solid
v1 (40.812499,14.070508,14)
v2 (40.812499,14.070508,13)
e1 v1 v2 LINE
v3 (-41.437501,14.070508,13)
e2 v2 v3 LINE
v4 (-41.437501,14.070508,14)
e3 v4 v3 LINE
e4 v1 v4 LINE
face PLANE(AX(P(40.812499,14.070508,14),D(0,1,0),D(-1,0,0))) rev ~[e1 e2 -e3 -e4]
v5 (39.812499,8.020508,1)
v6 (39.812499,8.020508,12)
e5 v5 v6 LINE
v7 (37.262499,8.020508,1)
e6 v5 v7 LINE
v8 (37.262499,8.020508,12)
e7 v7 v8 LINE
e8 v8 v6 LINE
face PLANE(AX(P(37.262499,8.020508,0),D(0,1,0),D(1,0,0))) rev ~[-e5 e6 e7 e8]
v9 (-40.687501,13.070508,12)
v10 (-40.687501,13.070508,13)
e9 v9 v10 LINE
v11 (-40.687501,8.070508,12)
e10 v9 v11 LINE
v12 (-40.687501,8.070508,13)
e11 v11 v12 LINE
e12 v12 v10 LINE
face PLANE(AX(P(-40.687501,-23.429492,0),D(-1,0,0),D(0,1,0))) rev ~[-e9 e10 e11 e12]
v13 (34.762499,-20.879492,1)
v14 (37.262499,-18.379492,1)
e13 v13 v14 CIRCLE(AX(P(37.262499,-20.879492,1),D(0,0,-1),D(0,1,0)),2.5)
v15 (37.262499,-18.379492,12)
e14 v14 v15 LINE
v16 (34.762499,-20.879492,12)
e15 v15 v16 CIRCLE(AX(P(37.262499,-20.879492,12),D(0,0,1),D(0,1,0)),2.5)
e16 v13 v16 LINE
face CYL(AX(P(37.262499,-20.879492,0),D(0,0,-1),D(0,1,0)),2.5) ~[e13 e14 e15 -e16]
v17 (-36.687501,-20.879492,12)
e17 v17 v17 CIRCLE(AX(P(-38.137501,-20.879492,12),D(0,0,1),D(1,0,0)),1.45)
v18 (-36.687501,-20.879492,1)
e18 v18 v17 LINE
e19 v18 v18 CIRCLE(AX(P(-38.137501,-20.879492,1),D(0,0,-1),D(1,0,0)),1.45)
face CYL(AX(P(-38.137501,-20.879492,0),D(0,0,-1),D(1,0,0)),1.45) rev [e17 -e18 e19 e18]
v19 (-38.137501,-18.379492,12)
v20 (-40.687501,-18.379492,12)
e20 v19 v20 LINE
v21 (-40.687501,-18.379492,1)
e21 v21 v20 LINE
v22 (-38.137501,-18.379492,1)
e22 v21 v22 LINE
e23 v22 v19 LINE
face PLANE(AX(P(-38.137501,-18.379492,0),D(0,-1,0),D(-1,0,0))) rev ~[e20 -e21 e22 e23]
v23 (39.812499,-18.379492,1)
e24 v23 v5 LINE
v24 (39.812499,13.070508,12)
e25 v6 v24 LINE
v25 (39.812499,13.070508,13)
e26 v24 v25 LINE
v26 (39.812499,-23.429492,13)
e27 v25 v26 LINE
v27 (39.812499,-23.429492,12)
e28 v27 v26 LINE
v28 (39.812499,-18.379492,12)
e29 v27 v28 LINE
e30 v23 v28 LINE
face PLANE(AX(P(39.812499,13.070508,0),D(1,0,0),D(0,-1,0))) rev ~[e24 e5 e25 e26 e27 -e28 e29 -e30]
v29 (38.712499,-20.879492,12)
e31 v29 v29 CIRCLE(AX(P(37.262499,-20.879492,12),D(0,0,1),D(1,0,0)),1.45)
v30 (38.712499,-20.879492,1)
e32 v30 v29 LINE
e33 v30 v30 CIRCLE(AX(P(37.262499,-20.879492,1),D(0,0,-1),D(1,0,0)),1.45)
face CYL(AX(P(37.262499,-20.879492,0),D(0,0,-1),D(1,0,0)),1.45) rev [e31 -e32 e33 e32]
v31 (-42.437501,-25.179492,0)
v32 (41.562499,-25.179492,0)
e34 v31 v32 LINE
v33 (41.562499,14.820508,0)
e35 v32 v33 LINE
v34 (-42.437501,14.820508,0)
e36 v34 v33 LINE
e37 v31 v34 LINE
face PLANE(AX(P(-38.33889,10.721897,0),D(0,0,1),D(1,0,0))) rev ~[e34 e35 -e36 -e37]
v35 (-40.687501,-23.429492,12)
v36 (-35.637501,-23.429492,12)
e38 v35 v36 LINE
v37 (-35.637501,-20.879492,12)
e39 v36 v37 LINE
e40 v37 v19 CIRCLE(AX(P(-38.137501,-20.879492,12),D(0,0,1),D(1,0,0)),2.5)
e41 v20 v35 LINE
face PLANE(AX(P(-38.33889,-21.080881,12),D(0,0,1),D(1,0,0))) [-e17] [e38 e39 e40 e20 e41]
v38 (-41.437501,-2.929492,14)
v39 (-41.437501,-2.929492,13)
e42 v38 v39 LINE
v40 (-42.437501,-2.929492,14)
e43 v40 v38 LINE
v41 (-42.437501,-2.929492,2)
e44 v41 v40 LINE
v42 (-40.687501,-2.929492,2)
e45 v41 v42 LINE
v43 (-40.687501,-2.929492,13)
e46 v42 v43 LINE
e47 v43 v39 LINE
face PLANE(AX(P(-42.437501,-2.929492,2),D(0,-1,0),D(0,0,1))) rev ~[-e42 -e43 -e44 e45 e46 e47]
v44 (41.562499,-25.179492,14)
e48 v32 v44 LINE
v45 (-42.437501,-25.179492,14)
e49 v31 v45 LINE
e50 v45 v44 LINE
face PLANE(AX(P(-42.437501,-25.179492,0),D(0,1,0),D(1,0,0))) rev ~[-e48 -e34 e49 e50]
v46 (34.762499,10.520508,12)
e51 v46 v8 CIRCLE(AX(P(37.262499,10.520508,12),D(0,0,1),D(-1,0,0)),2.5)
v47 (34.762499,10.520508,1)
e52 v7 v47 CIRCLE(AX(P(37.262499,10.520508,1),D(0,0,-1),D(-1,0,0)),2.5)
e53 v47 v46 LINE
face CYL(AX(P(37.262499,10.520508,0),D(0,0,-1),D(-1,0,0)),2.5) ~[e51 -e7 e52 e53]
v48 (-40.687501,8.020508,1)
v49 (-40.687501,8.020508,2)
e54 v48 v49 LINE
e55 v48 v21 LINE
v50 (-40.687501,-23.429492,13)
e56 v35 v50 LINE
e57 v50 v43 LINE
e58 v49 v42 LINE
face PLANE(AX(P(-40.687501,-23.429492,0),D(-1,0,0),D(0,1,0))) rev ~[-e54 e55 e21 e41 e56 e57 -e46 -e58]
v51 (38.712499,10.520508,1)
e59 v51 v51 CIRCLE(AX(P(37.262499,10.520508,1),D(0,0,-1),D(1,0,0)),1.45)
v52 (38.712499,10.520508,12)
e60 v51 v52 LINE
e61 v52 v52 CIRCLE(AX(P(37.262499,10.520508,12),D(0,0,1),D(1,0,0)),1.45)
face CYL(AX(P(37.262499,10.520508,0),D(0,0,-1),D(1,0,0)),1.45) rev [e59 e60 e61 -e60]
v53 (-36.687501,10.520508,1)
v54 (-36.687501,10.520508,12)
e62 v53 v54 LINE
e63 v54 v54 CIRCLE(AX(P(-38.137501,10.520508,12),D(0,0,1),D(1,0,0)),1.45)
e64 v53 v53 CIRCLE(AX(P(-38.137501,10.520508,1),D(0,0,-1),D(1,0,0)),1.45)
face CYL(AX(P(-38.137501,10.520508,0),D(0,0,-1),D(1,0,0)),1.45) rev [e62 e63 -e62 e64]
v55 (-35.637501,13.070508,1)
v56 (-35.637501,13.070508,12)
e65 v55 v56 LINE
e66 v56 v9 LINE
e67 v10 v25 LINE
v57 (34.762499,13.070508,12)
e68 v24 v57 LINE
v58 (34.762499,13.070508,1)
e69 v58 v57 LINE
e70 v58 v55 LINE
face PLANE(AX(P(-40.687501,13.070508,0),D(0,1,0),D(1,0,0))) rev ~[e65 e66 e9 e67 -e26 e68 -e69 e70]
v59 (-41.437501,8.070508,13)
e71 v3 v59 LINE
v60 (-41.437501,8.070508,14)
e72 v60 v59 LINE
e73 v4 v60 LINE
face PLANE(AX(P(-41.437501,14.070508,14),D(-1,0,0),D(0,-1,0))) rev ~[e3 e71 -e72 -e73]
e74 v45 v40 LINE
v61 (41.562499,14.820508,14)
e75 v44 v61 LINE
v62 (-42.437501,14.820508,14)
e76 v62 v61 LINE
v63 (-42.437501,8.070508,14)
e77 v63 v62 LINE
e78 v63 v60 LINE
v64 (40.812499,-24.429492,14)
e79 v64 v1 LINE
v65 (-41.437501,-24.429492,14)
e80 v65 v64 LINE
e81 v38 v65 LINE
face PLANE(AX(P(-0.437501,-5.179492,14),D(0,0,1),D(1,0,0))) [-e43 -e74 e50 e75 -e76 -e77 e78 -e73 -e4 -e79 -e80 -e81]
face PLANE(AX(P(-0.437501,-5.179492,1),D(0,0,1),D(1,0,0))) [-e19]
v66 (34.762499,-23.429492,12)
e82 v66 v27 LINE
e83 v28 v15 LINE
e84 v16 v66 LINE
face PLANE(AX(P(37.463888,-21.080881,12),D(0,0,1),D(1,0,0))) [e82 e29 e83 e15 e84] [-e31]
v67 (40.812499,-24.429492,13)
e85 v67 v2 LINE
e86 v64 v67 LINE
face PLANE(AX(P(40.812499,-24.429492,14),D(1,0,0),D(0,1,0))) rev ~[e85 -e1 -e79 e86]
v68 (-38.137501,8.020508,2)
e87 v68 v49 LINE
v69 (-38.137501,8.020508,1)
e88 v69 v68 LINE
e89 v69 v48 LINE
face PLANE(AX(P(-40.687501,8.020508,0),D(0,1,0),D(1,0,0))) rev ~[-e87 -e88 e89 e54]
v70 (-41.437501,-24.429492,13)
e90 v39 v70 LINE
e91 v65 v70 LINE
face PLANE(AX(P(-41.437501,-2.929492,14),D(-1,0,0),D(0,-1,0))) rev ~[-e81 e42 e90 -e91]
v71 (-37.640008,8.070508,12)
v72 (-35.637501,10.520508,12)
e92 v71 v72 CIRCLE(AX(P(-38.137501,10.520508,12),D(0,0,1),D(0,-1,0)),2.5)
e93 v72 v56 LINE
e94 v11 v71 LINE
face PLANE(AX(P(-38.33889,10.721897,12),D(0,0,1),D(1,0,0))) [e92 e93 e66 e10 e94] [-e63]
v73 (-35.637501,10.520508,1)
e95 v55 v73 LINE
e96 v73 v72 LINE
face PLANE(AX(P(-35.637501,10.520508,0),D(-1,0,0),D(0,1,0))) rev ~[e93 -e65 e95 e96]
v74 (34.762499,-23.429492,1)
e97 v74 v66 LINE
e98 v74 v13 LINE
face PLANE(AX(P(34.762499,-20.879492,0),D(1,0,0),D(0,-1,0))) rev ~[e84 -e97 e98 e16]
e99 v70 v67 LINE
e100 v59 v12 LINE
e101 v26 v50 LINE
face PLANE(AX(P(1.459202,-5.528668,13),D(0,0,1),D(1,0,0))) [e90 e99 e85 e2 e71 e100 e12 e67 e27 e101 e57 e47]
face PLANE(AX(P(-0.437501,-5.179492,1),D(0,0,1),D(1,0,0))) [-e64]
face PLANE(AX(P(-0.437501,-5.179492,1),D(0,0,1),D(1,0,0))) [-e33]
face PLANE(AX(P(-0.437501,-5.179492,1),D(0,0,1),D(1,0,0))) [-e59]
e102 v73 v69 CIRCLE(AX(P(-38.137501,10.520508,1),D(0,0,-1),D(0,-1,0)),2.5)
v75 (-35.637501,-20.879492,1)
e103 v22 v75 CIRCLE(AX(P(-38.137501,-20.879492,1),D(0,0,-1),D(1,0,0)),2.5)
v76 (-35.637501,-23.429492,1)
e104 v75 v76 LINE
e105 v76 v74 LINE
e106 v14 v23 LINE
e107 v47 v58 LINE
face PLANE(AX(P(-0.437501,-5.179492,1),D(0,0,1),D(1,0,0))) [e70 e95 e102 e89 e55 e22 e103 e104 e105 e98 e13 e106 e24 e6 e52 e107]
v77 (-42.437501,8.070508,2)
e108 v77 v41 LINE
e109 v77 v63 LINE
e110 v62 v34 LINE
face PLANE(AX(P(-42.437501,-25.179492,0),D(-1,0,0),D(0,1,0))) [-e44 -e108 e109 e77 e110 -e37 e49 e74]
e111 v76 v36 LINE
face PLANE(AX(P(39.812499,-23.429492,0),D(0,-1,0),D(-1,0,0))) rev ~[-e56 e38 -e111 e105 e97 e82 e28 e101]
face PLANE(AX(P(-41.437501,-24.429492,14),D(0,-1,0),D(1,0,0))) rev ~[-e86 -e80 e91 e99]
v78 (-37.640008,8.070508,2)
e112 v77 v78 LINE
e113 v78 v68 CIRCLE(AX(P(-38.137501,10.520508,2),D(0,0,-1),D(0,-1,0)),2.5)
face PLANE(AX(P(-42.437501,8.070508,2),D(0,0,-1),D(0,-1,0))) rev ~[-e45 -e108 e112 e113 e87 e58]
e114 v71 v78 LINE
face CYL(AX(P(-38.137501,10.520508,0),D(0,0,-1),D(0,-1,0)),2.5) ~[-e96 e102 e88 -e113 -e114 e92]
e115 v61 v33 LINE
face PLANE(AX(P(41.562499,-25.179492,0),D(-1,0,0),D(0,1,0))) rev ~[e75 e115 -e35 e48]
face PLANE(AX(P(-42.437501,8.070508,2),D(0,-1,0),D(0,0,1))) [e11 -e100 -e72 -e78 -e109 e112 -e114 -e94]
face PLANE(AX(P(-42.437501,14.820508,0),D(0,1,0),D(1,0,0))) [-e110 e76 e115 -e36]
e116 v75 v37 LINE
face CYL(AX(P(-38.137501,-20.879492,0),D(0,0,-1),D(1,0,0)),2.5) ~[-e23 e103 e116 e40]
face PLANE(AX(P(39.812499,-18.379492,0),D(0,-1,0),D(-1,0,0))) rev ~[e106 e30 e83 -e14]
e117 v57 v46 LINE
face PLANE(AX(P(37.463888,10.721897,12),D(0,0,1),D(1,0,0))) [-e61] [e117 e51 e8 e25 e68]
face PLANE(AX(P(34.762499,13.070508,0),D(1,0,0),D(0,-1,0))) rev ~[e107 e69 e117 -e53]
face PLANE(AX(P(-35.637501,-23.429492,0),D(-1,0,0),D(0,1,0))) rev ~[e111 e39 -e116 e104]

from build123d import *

# Parameters (mm, degrees)
F0_W     = 84
F0_H     = 40
F0_R     = 1.45
F1_DEPTH = 1
F2_DEPTH = 12
F3_DEPTH = 14
F4_W     = 11
F4_H     = 12
F5_DEPTH = 25
F7_DEPTH = 1


with BuildPart() as f1:
    # F0 (on Top) → F1 (new body)
    with BuildSketch(Plane.XY):
        with Locations((-0.4375013113, -5.1794923829)):
            Rectangle(F0_W, F0_H)
        Polygon((-40.6875013113, 8.0205076171), (-40.6875013113, 13.0705076171), (-35.6375013113, 13.0705076171), (34.7624986887, 13.0705076171), (39.8124986887, 13.0705076171), (39.8124986887, 8.0205076171), (39.8124986887, -18.3794923829), (39.8124986887, -23.4294923829), (34.7624986887, -23.4294923829), (-35.6375013113, -23.4294923829), (-40.6875013113, -23.4294923829), (-40.6875013113, -18.3794923829), align=None, mode=Mode.SUBTRACT)
        with BuildLine():
            Line((34.7624986887, 13.0705076171), (-35.6375013113, 13.0705076171))
            Line((-35.6375013113, 13.0705076171), (-35.6375013113, 10.5205076171))
            ThreePointArc((-35.6375013113, 10.5205076171), (-36.3697343583, 8.7527406642), (-38.1375013113, 8.0205076171))
            Line((-38.1375013113, 8.0205076171), (-40.6875013113, 8.0205076171))
            Line((-40.6875013113, 8.0205076171), (-40.6875013113, -18.3794923829))
            Line((-40.6875013113, -18.3794923829), (-38.1375013113, -18.3794923829))
            ThreePointArc((-38.1375013113, -18.3794923829), (-36.3697343583, -19.1117254299), (-35.6375013113, -20.8794923829))
            Line((-35.6375013113, -20.8794923829), (-35.6375013113, -23.4294923829))
            Line((-35.6375013113, -23.4294923829), (34.7624986887, -23.4294923829))
            Line((34.7624986887, -23.4294923829), (34.7624986887, -20.8794923829))
            ThreePointArc((34.7624986887, -20.8794923829), (35.4947317357, -19.1117254299), (37.2624986887, -18.3794923829))
            Line((37.2624986887, -18.3794923829), (39.8124986887, -18.3794923829))
            Line((39.8124986887, -18.3794923829), (39.8124986887, 8.0205076171))
            Line((39.8124986887, 8.0205076171), (37.2624986887, 8.0205076171))
            ThreePointArc((37.2624986887, 8.0205076171), (35.4947317357, 8.7527406642), (34.7624986887, 10.5205076171))
            Line((34.7624986887, 10.5205076171), (34.7624986887, 13.0705076171))
        make_face()
        with BuildLine():
            Line((39.8124986887, -23.4294923829), (39.8124986887, -18.3794923829))
            Line((39.8124986887, -18.3794923829), (37.2624986887, -18.3794923829))
            ThreePointArc((37.2624986887, -18.3794923829), (35.4947317357, -19.1117254299), (34.7624986887, -20.8794923829))
            Line((34.7624986887, -20.8794923829), (34.7624986887, -23.4294923829))
            Line((34.7624986887, -23.4294923829), (39.8124986887, -23.4294923829))
        make_face()
        with Locations((37.2624986887, -20.8794923829)):
            Circle(F0_R, mode=Mode.SUBTRACT)
        with BuildLine():
            Line((39.8124986887, 13.0705076171), (34.7624986887, 13.0705076171))
            Line((34.7624986887, 13.0705076171), (34.7624986887, 10.5205076171))
            ThreePointArc((34.7624986887, 10.5205076171), (35.4947317357, 8.7527406642), (37.2624986887, 8.0205076171))
            Line((37.2624986887, 8.0205076171), (39.8124986887, 8.0205076171))
            Line((39.8124986887, 8.0205076171), (39.8124986887, 13.0705076171))
        make_face()
        with Locations((37.2624986887, 10.5205076171)):
            Circle(F0_R, mode=Mode.SUBTRACT)
        with BuildLine():
            Line((-38.1375013113, -18.3794923829), (-40.6875013113, -18.3794923829))
            Line((-40.6875013113, -18.3794923829), (-40.6875013113, -23.4294923829))
            Line((-40.6875013113, -23.4294923829), (-35.6375013113, -23.4294923829))
            Line((-35.6375013113, -23.4294923829), (-35.6375013113, -20.8794923829))
            ThreePointArc((-35.6375013113, -20.8794923829), (-36.3697343583, -19.1117254299), (-38.1375013113, -18.3794923829))
        make_face()
        with Locations((-38.1375013113, -20.8794923829)):
            Circle(F0_R, mode=Mode.SUBTRACT)
        with BuildLine():
            Line((-35.6375013113, 13.0705076171), (-40.6875013113, 13.0705076171))
            Line((-40.6875013113, 13.0705076171), (-40.6875013113, 8.0205076171))
            Line((-40.6875013113, 8.0205076171), (-38.1375013113, 8.0205076171))
            ThreePointArc((-38.1375013113, 8.0205076171), (-36.3697343583, 8.7527406642), (-35.6375013113, 10.5205076171))
            Line((-35.6375013113, 10.5205076171), (-35.6375013113, 13.0705076171))
        make_face()
        with Locations((-38.1375013113, 10.5205076171)):
            Circle(F0_R, mode=Mode.SUBTRACT)
        with Locations((37.2624986887, 10.5205076171)):
            Circle(F0_R)
        with Locations((-38.1375013113, 10.5205076171)):
            Circle(F0_R)
        with Locations((37.2624986887, -20.8794923829)):
            Circle(F0_R)
        with Locations((-38.1375013113, -20.8794923829)):
            Circle(F0_R)
    extrude(amount=F1_DEPTH)

    # F0 (on Top) → F2 (join)
    with BuildSketch(Plane.XY):
        with BuildLine():
            Line((-35.6375013113, 13.0705076171), (-40.6875013113, 13.0705076171))
            Line((-40.6875013113, 13.0705076171), (-40.6875013113, 8.0205076171))
            Line((-40.6875013113, 8.0205076171), (-38.1375013113, 8.0205076171))
            ThreePointArc((-38.1375013113, 8.0205076171), (-36.3697343583, 8.7527406642), (-35.6375013113, 10.5205076171))
            Line((-35.6375013113, 10.5205076171), (-35.6375013113, 13.0705076171))
        make_face()
        with Locations((-38.1375013113, 10.5205076171)):
            Circle(F0_R, mode=Mode.SUBTRACT)
        with BuildLine():
            Line((39.8124986887, 13.0705076171), (34.7624986887, 13.0705076171))
            Line((34.7624986887, 13.0705076171), (34.7624986887, 10.5205076171))
            ThreePointArc((34.7624986887, 10.5205076171), (35.4947317357, 8.7527406642), (37.2624986887, 8.0205076171))
            Line((37.2624986887, 8.0205076171), (39.8124986887, 8.0205076171))
            Line((39.8124986887, 8.0205076171), (39.8124986887, 13.0705076171))
        make_face()
        with Locations((37.2624986887, 10.5205076171)):
            Circle(F0_R, mode=Mode.SUBTRACT)
        with BuildLine():
            Line((39.8124986887, -23.4294923829), (39.8124986887, -18.3794923829))
            Line((39.8124986887, -18.3794923829), (37.2624986887, -18.3794923829))
            ThreePointArc((37.2624986887, -18.3794923829), (35.4947317357, -19.1117254299), (34.7624986887, -20.8794923829))
            Line((34.7624986887, -20.8794923829), (34.7624986887, -23.4294923829))
            Line((34.7624986887, -23.4294923829), (39.8124986887, -23.4294923829))
        make_face()
        with Locations((37.2624986887, -20.8794923829)):
            Circle(F0_R, mode=Mode.SUBTRACT)
        with BuildLine():
            Line((-38.1375013113, -18.3794923829), (-40.6875013113, -18.3794923829))
            Line((-40.6875013113, -18.3794923829), (-40.6875013113, -23.4294923829))
            Line((-40.6875013113, -23.4294923829), (-35.6375013113, -23.4294923829))
            Line((-35.6375013113, -23.4294923829), (-35.6375013113, -20.8794923829))
            ThreePointArc((-35.6375013113, -20.8794923829), (-36.3697343583, -19.1117254299), (-38.1375013113, -18.3794923829))
        make_face()
        with Locations((-38.1375013113, -20.8794923829)):
            Circle(F0_R, mode=Mode.SUBTRACT)
    extrude(amount=F2_DEPTH)

    # F0 (on Top) → F3 (join)
    with BuildSketch(Plane.XY):
        with Locations((-0.4375013113, -5.1794923829)):
            Rectangle(F0_W, F0_H)
        Polygon((-40.6875013113, 8.0205076171), (-40.6875013113, 13.0705076171), (-35.6375013113, 13.0705076171), (34.7624986887, 13.0705076171), (39.8124986887, 13.0705076171), (39.8124986887, 8.0205076171), (39.8124986887, -18.3794923829), (39.8124986887, -23.4294923829), (34.7624986887, -23.4294923829), (-35.6375013113, -23.4294923829), (-40.6875013113, -23.4294923829), (-40.6875013113, -18.3794923829), align=None, mode=Mode.SUBTRACT)
    extrude(amount=F3_DEPTH)

    # F4 (on face) → F5 (cut)
    with BuildSketch(Plane(origin=(-42.4375013113, 0, 0), x_dir=(0, -1, 0), z_dir=(-1, 0, 0))):
        with Locations((-2.5705076171, 8)):
            Rectangle(F4_W, F4_H)
    extrude(amount=-F5_DEPTH, mode=Mode.SUBTRACT)

    # F6 (on face) → F7 (cut)
    with BuildSketch(Plane.XY.offset(14)):
        Polygon((40.8124986887, 14.0705076171), (-41.4375013113, 14.0705076171), (-41.4375013113, 8.0705076171), (-40.6875013113, 8.0705076171), (-40.6875013113, 13.0705076171), (39.8124986887, 13.0705076171), (39.8124986887, -23.4294923829), (-40.6875013113, -23.4294923829), (-40.6875013113, -2.9294923829), (-41.4375013113, -2.9294923829), (-41.4375013113, -24.4294923829), (40.8124986887, -24.4294923829), align=None)
    extrude(amount=-F7_DEPTH, mode=Mode.SUBTRACT)


solid = f1.part
